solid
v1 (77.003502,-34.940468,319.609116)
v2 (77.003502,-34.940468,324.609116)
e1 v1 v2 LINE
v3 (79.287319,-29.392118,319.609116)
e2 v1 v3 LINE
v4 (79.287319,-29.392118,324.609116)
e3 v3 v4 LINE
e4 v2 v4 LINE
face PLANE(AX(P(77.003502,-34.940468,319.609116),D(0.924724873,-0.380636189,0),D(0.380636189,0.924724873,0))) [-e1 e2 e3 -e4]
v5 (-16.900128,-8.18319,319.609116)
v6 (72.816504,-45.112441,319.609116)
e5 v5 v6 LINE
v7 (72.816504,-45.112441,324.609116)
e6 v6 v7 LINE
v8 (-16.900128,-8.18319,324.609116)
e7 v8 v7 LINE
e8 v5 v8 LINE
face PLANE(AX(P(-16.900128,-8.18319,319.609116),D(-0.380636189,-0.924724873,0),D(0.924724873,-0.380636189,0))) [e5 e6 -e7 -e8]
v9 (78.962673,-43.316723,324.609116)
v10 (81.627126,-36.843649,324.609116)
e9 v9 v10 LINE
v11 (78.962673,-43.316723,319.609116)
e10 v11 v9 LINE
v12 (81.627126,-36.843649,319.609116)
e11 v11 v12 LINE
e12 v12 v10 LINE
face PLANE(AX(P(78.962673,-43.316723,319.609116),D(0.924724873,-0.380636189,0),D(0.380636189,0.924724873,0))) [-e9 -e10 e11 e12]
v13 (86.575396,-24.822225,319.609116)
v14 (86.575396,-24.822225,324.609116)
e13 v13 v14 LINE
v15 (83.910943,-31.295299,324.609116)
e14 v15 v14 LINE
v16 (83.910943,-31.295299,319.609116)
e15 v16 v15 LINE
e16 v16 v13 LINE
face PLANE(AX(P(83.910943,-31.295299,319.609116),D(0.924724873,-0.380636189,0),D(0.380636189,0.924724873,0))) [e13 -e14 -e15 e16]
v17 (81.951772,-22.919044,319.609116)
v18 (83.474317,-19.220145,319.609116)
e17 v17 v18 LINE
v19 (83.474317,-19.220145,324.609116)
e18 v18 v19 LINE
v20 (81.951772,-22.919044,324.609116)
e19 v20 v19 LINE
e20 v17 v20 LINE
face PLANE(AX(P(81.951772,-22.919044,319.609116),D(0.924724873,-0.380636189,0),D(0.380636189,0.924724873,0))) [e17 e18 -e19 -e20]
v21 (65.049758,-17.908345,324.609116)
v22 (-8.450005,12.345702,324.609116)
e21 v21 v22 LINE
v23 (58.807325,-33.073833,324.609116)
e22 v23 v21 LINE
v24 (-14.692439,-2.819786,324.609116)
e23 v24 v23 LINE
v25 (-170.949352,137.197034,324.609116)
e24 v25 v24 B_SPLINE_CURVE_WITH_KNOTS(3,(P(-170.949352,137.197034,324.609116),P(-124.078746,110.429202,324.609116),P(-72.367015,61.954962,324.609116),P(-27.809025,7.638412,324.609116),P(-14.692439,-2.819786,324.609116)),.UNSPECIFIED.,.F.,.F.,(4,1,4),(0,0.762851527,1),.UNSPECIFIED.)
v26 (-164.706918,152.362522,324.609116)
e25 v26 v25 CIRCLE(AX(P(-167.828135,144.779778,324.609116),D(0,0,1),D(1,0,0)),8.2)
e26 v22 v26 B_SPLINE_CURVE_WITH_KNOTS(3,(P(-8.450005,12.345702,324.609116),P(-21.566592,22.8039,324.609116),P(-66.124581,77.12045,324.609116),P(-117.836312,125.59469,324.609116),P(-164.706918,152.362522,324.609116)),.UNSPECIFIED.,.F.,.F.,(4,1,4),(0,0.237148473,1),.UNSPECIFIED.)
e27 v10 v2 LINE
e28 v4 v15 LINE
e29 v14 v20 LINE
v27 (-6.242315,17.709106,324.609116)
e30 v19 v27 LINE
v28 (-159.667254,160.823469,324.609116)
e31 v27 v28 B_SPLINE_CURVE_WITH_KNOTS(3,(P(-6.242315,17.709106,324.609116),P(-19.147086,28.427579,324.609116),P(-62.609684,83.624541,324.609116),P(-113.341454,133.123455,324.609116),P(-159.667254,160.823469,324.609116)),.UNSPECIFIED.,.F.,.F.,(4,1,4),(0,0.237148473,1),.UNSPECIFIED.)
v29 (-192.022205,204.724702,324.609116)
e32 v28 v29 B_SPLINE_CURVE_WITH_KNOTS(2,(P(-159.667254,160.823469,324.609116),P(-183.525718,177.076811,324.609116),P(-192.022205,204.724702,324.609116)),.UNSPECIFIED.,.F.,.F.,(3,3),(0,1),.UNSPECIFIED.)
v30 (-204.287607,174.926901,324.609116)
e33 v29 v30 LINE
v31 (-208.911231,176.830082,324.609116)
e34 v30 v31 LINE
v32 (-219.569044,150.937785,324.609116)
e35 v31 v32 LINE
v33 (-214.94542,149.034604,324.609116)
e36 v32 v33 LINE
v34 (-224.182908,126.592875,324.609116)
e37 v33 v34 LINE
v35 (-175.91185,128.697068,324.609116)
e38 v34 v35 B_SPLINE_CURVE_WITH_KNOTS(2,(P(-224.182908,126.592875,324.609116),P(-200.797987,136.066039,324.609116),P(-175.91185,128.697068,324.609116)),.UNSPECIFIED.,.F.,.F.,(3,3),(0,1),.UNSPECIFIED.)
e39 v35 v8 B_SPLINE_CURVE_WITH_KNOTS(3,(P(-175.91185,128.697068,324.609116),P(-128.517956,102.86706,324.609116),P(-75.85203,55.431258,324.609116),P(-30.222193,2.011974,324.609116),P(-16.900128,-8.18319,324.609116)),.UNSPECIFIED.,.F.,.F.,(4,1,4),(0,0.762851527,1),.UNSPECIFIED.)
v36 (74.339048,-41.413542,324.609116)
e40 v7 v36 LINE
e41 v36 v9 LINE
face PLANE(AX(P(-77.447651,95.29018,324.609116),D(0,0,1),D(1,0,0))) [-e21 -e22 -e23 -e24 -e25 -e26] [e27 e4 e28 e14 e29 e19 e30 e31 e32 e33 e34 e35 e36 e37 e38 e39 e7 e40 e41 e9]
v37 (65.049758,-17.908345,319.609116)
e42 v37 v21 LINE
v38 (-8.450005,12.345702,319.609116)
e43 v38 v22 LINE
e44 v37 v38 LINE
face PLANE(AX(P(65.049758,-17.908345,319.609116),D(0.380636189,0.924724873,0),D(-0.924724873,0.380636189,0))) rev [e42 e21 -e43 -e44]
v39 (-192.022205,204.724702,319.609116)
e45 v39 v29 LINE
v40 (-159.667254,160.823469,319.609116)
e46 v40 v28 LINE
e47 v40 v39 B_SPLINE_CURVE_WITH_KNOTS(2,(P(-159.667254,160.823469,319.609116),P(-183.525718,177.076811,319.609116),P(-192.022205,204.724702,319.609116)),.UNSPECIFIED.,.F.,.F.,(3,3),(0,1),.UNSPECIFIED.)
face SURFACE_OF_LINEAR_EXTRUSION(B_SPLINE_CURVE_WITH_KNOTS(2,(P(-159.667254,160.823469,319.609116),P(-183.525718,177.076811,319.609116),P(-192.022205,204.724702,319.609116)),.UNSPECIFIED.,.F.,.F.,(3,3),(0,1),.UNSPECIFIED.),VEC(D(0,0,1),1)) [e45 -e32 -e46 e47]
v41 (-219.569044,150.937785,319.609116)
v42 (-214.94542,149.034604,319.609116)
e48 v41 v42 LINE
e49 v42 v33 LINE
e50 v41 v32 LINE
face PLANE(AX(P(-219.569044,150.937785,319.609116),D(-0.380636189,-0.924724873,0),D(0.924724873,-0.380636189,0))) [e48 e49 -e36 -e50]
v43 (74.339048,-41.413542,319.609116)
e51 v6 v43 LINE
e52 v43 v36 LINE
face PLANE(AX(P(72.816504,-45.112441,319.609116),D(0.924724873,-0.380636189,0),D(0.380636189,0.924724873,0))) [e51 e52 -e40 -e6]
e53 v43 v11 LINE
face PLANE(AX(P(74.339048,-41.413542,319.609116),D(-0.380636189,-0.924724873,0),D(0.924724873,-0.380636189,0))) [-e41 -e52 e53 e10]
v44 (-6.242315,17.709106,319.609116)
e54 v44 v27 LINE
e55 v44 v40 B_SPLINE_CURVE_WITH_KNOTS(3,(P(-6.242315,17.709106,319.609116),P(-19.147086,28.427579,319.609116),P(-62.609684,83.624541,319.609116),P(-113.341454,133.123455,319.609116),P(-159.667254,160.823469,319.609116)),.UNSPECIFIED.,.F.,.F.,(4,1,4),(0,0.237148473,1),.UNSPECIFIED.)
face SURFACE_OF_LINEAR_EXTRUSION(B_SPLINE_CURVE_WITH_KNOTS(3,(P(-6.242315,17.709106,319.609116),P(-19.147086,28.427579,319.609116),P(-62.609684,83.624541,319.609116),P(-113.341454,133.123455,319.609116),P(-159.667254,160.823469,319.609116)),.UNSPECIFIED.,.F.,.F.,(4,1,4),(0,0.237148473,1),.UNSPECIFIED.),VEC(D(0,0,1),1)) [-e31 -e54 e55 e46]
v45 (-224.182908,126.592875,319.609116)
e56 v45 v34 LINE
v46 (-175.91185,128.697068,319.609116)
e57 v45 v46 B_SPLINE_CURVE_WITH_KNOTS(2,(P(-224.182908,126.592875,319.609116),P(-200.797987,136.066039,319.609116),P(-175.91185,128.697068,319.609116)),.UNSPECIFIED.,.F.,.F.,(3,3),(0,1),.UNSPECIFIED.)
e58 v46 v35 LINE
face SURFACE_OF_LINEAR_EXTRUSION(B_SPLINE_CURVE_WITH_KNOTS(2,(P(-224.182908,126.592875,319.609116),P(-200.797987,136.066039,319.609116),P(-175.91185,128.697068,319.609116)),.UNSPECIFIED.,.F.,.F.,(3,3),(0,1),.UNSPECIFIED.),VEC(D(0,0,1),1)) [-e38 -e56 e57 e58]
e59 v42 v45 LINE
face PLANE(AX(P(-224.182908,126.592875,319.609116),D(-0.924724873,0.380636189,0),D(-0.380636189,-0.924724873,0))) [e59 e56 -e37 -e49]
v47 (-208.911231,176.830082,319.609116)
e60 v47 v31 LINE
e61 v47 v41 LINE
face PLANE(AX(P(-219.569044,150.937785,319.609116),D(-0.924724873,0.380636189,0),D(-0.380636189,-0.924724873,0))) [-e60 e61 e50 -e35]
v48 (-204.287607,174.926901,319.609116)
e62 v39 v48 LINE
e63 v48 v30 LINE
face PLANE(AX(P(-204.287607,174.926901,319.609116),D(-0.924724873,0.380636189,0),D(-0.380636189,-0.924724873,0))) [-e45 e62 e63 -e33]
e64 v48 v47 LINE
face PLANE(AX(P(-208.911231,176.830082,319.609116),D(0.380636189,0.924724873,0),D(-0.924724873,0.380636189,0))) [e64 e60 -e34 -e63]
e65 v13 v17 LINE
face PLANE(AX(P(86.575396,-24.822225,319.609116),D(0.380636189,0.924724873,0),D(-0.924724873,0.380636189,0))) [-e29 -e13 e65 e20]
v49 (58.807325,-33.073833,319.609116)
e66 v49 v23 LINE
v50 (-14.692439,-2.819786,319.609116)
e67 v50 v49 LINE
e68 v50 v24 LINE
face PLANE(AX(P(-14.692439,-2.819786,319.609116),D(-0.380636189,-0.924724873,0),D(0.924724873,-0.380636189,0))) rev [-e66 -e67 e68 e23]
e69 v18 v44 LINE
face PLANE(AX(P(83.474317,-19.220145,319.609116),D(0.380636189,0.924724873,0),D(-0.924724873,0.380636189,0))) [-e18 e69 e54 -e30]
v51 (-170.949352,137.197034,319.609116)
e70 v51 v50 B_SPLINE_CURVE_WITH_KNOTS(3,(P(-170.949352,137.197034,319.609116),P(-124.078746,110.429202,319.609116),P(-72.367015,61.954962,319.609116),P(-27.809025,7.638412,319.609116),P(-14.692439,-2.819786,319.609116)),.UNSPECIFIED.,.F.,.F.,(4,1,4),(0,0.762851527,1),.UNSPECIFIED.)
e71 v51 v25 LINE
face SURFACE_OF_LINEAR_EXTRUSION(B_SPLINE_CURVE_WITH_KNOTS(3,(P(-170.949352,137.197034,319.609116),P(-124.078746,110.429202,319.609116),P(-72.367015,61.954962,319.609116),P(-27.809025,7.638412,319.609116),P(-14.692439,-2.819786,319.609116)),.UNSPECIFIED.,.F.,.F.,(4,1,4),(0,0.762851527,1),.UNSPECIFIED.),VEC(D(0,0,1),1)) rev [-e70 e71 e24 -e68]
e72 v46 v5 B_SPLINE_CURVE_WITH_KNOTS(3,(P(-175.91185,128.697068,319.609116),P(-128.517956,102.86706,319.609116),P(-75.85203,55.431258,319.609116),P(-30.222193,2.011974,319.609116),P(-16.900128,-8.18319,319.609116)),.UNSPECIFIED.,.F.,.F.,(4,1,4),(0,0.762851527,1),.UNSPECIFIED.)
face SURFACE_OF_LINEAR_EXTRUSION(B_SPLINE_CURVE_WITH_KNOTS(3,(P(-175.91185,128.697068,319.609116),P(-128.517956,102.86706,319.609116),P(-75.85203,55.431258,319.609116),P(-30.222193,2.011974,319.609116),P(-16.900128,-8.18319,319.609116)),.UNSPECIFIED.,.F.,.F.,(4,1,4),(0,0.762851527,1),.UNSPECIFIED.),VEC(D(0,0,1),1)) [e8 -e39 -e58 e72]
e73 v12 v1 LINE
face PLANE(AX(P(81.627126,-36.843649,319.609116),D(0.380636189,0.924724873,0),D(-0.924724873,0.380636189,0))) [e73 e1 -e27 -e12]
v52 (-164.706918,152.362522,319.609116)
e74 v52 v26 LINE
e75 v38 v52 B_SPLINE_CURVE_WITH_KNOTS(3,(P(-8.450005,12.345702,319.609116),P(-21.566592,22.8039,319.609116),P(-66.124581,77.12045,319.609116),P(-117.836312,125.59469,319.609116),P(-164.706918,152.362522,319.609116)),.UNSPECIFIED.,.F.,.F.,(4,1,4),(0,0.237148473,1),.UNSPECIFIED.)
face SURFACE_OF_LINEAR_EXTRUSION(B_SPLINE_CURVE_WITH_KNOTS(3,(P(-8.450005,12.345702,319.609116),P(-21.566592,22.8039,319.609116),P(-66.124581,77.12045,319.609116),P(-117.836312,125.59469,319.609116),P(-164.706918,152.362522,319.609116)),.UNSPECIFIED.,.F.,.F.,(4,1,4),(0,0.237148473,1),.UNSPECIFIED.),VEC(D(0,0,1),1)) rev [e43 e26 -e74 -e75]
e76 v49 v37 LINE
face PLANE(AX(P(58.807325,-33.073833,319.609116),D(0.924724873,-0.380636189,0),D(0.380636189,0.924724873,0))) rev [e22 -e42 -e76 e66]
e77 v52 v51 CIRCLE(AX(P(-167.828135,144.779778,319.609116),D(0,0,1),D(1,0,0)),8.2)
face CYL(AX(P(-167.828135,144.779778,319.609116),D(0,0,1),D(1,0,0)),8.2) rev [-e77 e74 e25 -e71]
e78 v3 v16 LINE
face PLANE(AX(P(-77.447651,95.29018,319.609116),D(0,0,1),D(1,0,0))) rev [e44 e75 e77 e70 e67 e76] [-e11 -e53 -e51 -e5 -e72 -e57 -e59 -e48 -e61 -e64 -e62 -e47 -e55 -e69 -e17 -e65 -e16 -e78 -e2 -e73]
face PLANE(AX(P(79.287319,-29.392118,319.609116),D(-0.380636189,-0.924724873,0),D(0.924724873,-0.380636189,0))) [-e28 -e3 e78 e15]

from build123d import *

# Parameters (mm, degrees)
BOSS_EXTRUDE1_DEPTH = 5


with BuildPart() as part:
    # Sketch2 → Boss-Extrude1 (new body)
    with BuildSketch(Plane.XY.offset(324.609115736)):
        with BuildLine():
            Line((-16.90012844, -8.183190187), (72.816503584, -45.112441184))
            Line((72.816503584, -45.112441184), (74.339048342, -41.413541691))
            Line((74.339048342, -41.413541691), (78.962672709, -43.316722639))
            Line((78.962672709, -43.316722639), (81.627126035, -36.843648526))
            Line((81.627126035, -36.843648526), (77.003501669, -34.940467578))
            Line((77.003501669, -34.940467578), (79.287318806, -29.392118339))
            Line((79.287318806, -29.392118339), (83.910943172, -31.295299286))
            Line((83.910943172, -31.295299286), (86.575396499, -24.822225173))
            Line((86.575396499, -24.822225173), (81.951772132, -22.919044226))
            Line((81.951772132, -22.919044226), (83.47431689, -19.220144733))
            Line((83.47431689, -19.220144733), (-6.242315134, 17.709106264))
            add(Edge.make_bspline(
                [(-6.242315134, 17.709106264), (-19.147085678, 28.427579084), (-62.609683594, 83.624540664), (-113.341454038, 133.123455083), (-159.667254415, 160.823469136)],
                knots=[0, 0, 0, 0, 0.237148473, 1, 1, 1, 1], degree=3))
            add(Edge.make_bspline(
                [(-192.022205471, 204.724702407), (-183.525718419, 177.076811357), (-159.667254415, 160.823469136)],
                knots=[0, 0, 0, 1, 1, 1], degree=2))
            Line((-192.022205471, 204.724702407), (-204.287606756, 174.926900827))
            Line((-204.287606756, 174.926900827), (-208.911231122, 176.830081774))
            Line((-208.911231122, 176.830081774), (-219.569044429, 150.937785322))
            Line((-219.569044429, 150.937785322), (-214.945420062, 149.034604375))
            Line((-214.945420062, 149.034604375), (-224.18290752, 126.592874832))
            add(Edge.make_bspline(
                [(-175.911850273, 128.697068335), (-200.797987469, 136.066038881), (-224.18290752, 126.592874832)],
                knots=[0, 0, 0, 1, 1, 1], degree=2))
            add(Edge.make_bspline(
                [(-16.90012844, -8.183190187), (-30.222192507, 2.01197393), (-75.852029724, 55.431258283), (-128.517955825, 102.867060046), (-175.911850273, 128.697068335)],
                knots=[0, 0, 0, 0, 0.237148473, 1, 1, 1, 1], degree=3))
        make_face()
        with BuildLine():
            Line((65.049758472, -17.908345143), (-8.450005033, 12.345702))
            add(Edge.make_bspline(
                [(-8.450005033, 12.345702), (-21.566591824, 22.803900379), (-66.124581019, 77.120450197), (-117.836312175, 125.594689972), (-164.70691842, 152.362521961)],
                knots=[0, 0, 0, 0, 0.237148473, 1, 1, 1, 1], degree=3))
            ThreePointArc((-164.70691842, 152.362521961), (-175.410879134, 147.900994755), (-170.949351927, 137.19703404))
            add(Edge.make_bspline(
                [(-14.692438541, -2.819785922), (-27.809025332, 7.638412457), (-72.367014526, 61.954962275), (-124.078745683, 110.429202051), (-170.949351927, 137.19703404)],
                knots=[0, 0, 0, 0, 0.237148473, 1, 1, 1, 1], degree=3))
            Line((-14.692438541, -2.819785922), (58.807324964, -33.073833065))
            Line((58.807324964, -33.073833065), (65.049758472, -17.908345143))
        make_face(mode=Mode.SUBTRACT)
    extrude(amount=-BOSS_EXTRUDE1_DEPTH)


solid = part.part
